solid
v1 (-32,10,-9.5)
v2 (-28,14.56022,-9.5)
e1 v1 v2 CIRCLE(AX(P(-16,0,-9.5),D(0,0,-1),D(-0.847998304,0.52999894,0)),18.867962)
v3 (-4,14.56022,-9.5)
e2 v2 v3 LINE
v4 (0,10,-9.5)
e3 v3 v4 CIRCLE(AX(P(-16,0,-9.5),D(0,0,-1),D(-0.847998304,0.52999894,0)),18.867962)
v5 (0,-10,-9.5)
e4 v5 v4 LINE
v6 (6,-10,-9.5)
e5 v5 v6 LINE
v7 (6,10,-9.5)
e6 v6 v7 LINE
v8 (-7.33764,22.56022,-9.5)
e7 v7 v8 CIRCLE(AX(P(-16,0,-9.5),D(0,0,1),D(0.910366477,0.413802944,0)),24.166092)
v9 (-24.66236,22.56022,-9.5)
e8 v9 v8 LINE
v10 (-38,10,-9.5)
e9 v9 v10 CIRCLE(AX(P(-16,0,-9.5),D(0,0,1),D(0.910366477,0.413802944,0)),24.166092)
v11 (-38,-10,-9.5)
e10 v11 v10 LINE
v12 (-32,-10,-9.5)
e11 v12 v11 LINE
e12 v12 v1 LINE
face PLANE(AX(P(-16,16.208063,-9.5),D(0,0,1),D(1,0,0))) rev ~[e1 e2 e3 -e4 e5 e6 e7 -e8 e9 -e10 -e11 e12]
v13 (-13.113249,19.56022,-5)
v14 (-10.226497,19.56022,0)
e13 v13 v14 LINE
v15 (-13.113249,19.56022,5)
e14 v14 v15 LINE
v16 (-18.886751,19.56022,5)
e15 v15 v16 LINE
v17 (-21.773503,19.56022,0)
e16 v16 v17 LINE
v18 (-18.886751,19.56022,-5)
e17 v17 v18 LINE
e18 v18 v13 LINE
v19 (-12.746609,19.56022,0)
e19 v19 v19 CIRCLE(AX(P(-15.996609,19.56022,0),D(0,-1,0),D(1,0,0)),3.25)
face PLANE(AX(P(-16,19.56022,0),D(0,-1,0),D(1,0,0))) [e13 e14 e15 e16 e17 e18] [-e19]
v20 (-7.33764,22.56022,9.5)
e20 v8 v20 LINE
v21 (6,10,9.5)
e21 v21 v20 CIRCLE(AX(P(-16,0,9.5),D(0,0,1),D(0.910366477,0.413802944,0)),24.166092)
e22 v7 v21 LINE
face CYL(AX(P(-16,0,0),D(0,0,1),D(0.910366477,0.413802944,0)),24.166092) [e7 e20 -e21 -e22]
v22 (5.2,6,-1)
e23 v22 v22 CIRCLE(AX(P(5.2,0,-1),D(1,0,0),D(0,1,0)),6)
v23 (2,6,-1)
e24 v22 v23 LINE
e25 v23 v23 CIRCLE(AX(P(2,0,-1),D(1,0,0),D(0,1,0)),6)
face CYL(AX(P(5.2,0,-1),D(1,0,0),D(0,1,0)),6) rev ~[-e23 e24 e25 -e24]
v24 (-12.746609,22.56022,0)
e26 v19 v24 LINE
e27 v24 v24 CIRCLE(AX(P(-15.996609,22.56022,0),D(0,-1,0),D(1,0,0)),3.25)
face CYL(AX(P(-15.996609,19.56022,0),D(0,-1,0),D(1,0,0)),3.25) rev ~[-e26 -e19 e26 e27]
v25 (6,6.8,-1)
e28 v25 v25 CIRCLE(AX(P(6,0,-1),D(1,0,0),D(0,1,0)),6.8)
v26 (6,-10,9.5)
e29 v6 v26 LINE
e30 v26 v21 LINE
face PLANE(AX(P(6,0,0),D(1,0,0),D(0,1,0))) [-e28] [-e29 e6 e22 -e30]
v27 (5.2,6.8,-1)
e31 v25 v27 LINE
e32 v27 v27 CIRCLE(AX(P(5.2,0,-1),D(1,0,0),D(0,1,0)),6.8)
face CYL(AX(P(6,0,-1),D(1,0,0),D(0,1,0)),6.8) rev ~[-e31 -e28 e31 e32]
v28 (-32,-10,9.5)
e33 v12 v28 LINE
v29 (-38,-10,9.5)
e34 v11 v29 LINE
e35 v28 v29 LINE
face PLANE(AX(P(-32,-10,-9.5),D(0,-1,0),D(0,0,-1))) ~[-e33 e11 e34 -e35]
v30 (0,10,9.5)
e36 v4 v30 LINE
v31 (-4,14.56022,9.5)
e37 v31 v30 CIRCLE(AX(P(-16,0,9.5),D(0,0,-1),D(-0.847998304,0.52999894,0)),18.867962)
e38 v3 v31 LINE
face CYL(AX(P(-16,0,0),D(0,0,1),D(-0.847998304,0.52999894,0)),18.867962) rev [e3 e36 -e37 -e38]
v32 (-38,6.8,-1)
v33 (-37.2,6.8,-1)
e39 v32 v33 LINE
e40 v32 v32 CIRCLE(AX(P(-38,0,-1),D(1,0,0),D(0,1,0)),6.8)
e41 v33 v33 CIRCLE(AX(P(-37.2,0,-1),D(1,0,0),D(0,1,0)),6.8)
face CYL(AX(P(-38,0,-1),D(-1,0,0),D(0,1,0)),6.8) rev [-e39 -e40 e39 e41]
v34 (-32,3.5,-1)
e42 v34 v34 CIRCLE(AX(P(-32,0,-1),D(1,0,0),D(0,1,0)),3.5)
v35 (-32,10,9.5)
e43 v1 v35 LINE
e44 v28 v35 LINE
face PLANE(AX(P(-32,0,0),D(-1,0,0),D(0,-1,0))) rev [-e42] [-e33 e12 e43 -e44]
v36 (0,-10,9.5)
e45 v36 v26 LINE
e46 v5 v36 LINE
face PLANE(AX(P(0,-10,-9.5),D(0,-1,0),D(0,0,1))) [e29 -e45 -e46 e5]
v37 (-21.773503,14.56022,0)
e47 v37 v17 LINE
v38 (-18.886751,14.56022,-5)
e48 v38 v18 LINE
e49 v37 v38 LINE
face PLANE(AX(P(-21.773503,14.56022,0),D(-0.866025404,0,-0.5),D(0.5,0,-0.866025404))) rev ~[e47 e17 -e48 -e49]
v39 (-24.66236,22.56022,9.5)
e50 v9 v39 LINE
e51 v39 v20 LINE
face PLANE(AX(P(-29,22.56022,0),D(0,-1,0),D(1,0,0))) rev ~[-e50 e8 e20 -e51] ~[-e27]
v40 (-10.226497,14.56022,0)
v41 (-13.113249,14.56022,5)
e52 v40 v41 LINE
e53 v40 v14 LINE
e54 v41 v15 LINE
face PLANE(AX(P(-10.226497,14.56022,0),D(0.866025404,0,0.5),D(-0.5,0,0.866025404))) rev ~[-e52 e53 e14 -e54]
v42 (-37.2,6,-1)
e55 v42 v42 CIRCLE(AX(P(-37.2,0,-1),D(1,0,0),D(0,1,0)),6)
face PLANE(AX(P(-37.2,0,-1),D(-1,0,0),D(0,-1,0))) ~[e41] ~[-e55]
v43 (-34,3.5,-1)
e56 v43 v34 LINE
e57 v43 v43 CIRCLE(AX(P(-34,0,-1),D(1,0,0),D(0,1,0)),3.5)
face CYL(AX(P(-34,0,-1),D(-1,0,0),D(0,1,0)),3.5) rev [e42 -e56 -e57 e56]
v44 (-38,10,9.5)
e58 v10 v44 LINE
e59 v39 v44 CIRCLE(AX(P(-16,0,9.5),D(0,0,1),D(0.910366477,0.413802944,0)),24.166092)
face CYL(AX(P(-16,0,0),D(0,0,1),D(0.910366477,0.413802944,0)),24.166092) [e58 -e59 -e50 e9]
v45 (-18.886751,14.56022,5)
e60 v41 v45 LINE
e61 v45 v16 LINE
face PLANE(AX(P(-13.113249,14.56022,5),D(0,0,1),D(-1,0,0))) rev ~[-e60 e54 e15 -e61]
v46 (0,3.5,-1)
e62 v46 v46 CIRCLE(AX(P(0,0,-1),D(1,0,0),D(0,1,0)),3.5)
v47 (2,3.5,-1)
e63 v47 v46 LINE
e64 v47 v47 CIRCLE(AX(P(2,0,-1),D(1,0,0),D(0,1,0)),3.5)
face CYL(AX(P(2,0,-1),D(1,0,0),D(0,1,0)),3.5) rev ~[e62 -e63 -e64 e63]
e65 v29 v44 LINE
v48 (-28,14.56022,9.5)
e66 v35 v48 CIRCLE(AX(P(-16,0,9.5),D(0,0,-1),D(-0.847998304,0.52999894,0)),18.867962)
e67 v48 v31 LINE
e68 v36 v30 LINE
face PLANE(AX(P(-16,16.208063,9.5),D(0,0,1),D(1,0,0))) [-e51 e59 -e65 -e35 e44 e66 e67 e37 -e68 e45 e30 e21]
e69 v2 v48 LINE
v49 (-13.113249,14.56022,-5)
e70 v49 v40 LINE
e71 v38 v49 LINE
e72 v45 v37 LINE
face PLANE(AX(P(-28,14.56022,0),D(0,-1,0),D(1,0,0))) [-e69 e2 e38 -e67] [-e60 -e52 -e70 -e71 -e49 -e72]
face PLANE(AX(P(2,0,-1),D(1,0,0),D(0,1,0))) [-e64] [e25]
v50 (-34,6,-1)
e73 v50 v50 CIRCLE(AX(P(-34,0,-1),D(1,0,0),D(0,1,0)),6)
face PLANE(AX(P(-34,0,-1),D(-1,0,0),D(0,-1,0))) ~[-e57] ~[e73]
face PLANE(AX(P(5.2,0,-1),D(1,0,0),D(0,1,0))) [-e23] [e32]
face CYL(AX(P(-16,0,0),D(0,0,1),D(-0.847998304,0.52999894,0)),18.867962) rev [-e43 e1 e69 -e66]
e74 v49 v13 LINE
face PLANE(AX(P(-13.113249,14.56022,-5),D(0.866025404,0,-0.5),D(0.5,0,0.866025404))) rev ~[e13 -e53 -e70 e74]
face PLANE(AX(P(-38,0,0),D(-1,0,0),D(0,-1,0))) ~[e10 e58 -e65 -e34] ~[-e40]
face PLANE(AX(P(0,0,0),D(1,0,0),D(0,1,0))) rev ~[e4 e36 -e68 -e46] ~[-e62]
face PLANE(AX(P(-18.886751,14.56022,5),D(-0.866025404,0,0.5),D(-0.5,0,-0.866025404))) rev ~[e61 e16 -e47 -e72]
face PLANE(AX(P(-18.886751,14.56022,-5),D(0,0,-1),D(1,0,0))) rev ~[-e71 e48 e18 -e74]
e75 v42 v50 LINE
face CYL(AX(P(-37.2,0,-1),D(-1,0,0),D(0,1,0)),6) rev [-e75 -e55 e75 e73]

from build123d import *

# Parameters (mm, degrees)
F0_W      = 20
F0_H      = 19
F1_DEPTH  = 6
F2_R      = 6.8
F3_DEPTH  = 0.8
F4_R      = 6
F5_DEPTH  = 3.2
F6_R      = 3.5
F7_DEPTH  = 2
F11_DEPTH = 9.5
F12_W     = 24
F12_H     = 5
F13_DEPTH = 9.5
F15_DEPTH = 5
F16_R     = 3.25
F17_DEPTH = 25
F18_W     = 26
F18_H     = 5
F19_DEPTH = 12.5


with BuildPart() as f1:
    # F0 (on Right) → F1 (new body)
    with BuildSketch(Plane.YZ):
        Rectangle(F0_W, F0_H)
    extrude(amount=F1_DEPTH)

    # F2 (on face) → F3 (cut)
    with BuildSketch(Plane.YZ.offset(6)):
        with Locations((0, -1)):
            Circle(F2_R)
    extrude(amount=-F3_DEPTH, mode=Mode.SUBTRACT)

    # F4 (on face) → F5 (cut)
    with BuildSketch(Plane.YZ.offset(5.2)):
        with Locations((0, -1)):
            Circle(F4_R)
    extrude(amount=-F5_DEPTH, mode=Mode.SUBTRACT)

    # F6 (on face) → F7 (cut, through all)
    with BuildSketch(Plane.YZ.offset(2)):
        with Locations((0, -1)):
            Circle(F6_R)
    extrude(amount=-F7_DEPTH, mode=Mode.SUBTRACT)


with BuildPart() as f9_1:
    # F9: instance of F1
    add(f1.part.mirror(Plane.YZ.offset(-16)))


with BuildPart() as f1_1:
    add(f1.part)

    add(f9_1.part)  # F11 merges F9_1
    # F10 (on Top) → F11 (join, symmetric)
    with BuildSketch(Plane.XY):
        with BuildLine():
            ThreePointArc((-32, 10), (-16, 18.8679622641), (0, 10))
            Line((0, 10), (6, 10))
            ThreePointArc((6, 10), (-16, 24.1660919472), (-38, 10))
            Line((-38, 10), (-32, 10))
        make_face()
    extrude(amount=F11_DEPTH, both=True)

    # F12 (on Top) → F13 (join, symmetric)
    with BuildSketch(Plane.XY):
        with Locations((-16, 17.0602197786)):
            Rectangle(F12_W, F12_H)
    extrude(amount=F13_DEPTH, both=True)

    # F14 (on face) → F15 (cut)
    with BuildSketch(Plane.XZ.offset(-14.5602197786)):
        Polygon((-18.8867513459, -5), (-13.1132486541, -5), (-10.2264973081, 0), (-13.1132486541, 5), (-18.8867513459, 5), (-21.7735026919, 0), align=None)
    extrude(amount=-F15_DEPTH, mode=Mode.SUBTRACT)

    # F16 (on face) → F17 (cut)
    with BuildSketch(Plane.XZ.offset(-19.5602197786)):
        with Locations((-15.9966088831, 0)):
            Circle(F16_R)
    extrude(amount=-F17_DEPTH, mode=Mode.SUBTRACT)

    # F18 (on Top) → F19 (cut, symmetric)
    with BuildSketch(Plane.XY):
        with Locations((-16, 25.0602197786)):
            Rectangle(F18_W, F18_H)
    extrude(amount=F19_DEPTH, both=True, mode=Mode.SUBTRACT)


solid = f1_1.part
